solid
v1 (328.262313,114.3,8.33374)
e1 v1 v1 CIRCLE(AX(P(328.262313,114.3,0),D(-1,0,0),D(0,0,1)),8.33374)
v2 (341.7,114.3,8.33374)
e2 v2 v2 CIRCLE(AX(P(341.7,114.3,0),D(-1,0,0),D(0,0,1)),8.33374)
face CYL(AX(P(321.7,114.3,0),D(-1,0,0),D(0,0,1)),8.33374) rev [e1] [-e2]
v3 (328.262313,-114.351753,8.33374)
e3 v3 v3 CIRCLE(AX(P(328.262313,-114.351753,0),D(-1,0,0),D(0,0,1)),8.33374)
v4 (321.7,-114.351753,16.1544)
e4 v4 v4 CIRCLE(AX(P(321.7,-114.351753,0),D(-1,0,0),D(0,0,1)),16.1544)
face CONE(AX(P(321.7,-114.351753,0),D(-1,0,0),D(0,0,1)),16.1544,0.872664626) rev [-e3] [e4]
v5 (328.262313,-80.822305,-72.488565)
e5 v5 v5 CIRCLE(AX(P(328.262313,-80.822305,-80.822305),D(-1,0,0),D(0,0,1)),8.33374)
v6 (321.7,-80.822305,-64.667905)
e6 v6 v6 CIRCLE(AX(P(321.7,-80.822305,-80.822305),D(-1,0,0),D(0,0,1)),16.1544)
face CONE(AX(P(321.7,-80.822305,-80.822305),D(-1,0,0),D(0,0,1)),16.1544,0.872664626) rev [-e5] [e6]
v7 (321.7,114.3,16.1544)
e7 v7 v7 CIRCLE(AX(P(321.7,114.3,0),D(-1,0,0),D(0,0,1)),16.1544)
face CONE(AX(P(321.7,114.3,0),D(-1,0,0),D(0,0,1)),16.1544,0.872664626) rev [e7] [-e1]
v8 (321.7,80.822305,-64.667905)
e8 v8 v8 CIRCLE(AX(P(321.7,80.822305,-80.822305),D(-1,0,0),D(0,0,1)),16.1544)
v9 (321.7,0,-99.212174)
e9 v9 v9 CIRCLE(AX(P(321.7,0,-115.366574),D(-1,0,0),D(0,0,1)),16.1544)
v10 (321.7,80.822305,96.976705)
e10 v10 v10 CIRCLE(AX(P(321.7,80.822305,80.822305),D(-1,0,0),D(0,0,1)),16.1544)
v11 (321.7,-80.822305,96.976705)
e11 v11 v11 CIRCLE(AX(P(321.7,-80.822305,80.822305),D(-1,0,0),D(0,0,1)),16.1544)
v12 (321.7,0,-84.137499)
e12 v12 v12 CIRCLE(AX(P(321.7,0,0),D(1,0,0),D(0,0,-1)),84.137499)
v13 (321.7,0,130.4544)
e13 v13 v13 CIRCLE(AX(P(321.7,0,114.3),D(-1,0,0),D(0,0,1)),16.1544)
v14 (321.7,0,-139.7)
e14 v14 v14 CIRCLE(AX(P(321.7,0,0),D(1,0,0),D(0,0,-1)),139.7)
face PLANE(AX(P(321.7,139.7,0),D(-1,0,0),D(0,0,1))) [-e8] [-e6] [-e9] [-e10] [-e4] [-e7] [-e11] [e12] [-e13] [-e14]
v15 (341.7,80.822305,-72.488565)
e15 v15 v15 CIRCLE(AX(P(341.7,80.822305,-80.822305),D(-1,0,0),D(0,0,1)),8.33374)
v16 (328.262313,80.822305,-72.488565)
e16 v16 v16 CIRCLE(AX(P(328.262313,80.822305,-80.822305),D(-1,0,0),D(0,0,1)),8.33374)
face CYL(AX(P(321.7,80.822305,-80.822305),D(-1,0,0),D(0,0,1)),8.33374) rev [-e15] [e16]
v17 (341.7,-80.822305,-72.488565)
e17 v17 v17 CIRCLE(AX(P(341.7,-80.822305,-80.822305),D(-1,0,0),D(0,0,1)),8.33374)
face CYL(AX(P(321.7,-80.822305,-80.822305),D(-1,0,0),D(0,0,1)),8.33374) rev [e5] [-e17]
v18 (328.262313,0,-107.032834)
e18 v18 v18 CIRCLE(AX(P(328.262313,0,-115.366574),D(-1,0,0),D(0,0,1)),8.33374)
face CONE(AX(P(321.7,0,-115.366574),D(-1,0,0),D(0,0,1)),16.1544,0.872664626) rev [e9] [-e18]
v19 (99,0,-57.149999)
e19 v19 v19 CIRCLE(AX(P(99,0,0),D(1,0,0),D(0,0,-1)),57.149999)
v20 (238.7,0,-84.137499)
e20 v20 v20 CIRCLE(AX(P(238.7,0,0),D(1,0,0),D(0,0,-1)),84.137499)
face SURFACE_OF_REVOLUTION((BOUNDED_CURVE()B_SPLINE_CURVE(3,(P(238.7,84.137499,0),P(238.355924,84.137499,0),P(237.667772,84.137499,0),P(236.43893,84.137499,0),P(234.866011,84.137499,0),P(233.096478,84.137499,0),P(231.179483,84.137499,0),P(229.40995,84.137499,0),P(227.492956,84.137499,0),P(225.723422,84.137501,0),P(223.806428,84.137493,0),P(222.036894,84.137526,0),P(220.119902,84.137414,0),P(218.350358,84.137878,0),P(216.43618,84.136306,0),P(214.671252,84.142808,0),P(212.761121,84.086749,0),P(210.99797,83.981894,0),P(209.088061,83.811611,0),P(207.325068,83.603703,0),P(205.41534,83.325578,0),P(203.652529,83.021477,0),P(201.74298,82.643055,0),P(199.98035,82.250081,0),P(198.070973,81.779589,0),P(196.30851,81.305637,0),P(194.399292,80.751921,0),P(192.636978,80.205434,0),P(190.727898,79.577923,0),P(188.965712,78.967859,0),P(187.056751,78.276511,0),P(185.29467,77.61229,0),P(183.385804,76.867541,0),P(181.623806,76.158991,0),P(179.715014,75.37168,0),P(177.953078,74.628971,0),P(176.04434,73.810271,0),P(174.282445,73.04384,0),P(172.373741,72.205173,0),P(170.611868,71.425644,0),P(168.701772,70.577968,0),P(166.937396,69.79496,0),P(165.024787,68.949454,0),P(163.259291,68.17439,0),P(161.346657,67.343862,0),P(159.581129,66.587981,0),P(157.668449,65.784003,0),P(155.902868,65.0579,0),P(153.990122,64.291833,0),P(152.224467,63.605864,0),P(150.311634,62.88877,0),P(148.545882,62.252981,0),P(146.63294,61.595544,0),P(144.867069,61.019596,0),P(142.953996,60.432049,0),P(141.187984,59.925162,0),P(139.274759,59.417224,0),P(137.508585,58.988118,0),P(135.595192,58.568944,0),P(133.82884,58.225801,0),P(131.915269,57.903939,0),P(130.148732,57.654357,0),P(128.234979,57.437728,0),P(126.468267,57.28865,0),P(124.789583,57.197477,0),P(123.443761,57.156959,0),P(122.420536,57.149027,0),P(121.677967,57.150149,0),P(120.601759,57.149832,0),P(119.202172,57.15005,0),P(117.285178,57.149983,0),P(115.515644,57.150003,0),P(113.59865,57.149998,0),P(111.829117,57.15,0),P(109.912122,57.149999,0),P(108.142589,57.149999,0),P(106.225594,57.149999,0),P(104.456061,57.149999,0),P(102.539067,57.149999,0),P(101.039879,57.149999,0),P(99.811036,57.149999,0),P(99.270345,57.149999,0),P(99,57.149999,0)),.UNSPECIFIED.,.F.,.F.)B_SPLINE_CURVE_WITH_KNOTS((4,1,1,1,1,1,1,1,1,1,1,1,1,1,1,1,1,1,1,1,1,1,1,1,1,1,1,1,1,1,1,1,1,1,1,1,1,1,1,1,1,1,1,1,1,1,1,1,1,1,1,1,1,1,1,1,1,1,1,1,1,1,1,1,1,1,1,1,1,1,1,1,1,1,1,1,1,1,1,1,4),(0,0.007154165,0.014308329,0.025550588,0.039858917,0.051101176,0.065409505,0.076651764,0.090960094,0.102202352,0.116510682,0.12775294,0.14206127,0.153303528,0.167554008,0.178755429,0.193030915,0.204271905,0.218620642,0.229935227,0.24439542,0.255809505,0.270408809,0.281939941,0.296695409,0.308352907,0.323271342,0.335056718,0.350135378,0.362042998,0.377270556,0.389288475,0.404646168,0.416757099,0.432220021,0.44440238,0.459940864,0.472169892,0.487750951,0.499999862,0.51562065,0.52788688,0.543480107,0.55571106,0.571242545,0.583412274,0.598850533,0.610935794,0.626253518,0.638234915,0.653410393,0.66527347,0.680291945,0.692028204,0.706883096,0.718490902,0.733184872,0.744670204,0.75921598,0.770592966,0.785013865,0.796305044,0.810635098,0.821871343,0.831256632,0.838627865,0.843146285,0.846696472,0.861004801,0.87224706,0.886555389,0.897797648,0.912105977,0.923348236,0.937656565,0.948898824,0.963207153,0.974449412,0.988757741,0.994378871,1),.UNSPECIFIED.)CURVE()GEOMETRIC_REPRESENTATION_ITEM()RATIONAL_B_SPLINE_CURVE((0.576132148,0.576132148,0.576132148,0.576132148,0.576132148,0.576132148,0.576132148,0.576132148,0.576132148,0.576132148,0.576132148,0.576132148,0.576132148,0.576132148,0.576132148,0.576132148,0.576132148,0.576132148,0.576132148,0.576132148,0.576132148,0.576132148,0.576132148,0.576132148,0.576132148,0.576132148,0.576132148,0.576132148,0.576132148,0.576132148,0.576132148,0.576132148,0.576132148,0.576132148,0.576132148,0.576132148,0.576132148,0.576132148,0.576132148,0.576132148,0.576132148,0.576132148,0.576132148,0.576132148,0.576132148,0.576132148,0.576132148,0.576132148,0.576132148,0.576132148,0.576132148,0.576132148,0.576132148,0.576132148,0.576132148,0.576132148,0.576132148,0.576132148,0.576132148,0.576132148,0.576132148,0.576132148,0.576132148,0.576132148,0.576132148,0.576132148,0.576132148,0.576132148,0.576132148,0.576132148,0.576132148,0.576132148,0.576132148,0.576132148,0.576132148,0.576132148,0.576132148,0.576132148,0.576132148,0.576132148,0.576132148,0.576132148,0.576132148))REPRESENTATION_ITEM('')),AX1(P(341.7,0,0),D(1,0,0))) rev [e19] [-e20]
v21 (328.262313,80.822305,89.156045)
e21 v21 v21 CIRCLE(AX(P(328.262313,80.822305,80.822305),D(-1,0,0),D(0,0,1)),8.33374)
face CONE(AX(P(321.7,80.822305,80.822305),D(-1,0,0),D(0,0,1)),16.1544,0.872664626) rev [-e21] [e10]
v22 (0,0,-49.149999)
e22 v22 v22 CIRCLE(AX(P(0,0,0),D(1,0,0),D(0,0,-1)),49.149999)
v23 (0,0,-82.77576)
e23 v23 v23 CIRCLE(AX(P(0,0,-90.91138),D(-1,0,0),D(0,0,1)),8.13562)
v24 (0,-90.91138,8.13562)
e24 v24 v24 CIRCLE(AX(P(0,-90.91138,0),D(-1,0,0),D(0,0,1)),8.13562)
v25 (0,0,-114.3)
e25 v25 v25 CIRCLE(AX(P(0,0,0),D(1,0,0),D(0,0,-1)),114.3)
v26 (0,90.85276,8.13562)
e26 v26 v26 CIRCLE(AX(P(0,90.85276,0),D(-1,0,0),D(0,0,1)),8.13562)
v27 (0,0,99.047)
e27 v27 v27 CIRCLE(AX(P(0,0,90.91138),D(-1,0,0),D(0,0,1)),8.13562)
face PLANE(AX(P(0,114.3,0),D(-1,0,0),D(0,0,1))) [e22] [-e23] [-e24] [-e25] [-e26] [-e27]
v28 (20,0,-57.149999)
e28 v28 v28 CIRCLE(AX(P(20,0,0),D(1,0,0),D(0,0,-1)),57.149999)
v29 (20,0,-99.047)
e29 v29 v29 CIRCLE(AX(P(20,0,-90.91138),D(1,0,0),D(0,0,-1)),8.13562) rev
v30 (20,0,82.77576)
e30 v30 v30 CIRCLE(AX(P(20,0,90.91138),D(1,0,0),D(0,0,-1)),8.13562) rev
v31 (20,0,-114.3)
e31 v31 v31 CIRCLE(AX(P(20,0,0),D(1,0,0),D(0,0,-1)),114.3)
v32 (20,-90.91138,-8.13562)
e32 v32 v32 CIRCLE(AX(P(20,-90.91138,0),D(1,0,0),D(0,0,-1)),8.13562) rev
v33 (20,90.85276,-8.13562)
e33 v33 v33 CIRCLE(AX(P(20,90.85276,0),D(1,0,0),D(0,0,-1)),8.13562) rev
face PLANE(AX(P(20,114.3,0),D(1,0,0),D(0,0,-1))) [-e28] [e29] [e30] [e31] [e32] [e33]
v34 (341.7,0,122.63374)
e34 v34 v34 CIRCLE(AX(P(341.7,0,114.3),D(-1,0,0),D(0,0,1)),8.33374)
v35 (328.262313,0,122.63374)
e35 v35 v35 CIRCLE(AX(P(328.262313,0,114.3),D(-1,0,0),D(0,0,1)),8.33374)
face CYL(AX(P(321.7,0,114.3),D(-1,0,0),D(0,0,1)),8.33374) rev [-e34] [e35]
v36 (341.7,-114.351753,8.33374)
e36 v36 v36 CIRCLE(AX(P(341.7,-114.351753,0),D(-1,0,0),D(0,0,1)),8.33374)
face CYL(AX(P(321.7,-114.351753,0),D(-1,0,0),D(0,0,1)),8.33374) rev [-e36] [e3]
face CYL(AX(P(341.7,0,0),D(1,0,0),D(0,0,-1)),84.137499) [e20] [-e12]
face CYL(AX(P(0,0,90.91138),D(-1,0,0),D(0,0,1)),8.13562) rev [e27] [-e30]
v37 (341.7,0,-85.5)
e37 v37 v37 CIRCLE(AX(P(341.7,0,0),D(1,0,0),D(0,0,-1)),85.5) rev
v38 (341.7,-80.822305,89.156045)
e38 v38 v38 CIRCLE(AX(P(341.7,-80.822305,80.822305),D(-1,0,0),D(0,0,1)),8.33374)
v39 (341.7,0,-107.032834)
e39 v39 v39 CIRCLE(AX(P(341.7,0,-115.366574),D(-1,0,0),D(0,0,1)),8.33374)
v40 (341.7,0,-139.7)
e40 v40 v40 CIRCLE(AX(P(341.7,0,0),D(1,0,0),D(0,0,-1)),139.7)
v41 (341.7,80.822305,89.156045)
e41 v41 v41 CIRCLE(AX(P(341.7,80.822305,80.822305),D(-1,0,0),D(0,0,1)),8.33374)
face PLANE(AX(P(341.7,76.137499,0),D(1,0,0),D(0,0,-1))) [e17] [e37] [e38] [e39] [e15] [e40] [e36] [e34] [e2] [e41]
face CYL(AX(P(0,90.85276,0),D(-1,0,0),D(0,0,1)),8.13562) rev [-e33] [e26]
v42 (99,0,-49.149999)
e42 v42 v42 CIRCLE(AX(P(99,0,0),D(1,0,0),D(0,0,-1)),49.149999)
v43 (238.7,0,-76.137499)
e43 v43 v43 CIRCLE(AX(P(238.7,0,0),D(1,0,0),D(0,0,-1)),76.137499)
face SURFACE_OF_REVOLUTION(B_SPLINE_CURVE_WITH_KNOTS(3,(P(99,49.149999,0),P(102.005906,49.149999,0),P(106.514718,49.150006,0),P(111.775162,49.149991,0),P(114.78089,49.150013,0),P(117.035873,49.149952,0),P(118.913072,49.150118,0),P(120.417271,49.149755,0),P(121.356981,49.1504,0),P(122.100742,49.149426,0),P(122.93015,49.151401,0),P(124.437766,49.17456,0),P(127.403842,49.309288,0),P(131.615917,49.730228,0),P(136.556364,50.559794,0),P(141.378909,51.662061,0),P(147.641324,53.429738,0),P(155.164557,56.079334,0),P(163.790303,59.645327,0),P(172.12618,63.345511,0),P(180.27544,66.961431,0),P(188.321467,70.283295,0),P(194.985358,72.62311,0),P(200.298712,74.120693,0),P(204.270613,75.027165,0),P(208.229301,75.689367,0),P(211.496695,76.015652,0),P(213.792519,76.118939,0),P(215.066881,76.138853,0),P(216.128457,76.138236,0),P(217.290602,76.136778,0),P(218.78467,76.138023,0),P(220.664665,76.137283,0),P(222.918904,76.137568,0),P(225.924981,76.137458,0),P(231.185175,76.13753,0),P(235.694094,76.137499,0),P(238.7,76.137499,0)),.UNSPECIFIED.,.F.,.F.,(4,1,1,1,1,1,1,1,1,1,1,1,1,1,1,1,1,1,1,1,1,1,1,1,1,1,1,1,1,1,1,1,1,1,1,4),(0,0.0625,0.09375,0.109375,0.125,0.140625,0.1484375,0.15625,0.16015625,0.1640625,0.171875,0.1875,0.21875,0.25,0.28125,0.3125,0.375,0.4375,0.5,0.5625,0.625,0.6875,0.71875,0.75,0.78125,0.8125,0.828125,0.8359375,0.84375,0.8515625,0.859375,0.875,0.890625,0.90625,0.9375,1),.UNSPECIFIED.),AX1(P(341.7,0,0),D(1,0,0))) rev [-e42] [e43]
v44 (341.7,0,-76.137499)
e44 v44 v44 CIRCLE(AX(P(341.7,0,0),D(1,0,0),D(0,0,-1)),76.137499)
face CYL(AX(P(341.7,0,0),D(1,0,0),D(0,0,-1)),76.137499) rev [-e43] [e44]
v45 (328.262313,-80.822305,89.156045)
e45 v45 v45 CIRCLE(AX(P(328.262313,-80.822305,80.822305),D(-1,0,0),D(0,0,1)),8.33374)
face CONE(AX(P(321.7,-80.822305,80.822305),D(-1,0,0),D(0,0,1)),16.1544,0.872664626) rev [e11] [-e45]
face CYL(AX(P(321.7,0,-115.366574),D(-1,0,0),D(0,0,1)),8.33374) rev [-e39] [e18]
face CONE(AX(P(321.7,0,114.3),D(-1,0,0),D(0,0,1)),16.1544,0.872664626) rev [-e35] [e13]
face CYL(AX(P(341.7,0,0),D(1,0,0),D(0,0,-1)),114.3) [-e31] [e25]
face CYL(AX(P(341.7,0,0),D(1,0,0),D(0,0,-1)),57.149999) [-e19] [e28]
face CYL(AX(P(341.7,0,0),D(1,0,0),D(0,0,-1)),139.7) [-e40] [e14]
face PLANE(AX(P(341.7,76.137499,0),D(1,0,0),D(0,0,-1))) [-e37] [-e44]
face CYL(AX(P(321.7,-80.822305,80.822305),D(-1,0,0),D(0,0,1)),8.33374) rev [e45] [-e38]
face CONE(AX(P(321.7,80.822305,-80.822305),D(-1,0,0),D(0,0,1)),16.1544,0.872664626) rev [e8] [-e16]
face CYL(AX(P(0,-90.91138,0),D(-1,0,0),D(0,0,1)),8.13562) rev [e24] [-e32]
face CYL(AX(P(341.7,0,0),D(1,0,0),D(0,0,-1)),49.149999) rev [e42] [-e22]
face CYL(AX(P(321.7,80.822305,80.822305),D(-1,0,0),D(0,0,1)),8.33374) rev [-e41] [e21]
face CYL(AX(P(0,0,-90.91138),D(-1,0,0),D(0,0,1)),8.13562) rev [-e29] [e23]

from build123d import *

# Parameters (mm, degrees)
CSK_FOR_5_8_FLAT_HEAD_MACHINE_SCREW_100_D           = 16.66748
CSK_FOR_5_8_FLAT_HEAD_MACHINE_SCREW_100_DEPTH       = 20
CSK_FOR_5_8_FLAT_HEAD_MACHINE_SCREW_100_CSINK_D     = 32.3088
CSK_FOR_5_8_FLAT_HEAD_MACHINE_SCREW_100_CSINK_ANGLE = 100
F_5_8_CLEARANCE_HOLE1_D                             = 16.27124
F_5_8_CLEARANCE_HOLE1_DEPTH                         = 20


with BuildPart() as part:
    # Sketch2 → Revolve1 (revolve)
    with BuildSketch(Plane.XY, mode=Mode.PRIVATE) as revolve1_sk:
        with BuildLine():
            Line((341.7, 76.137499212), (341.7, 139.7))
            Line((341.7, 139.7), (321.7, 139.7))
            Line((321.7, 139.7), (321.7, 84.137499212))
            Line((321.7, 84.137499212), (238.7, 84.137499212))
            add(Edge.make_bspline(
                [(238.7, 84.137499212), (238.355924075, 84.137499212), (237.667772223, 84.137499211), (236.43892963, 84.137499212), (234.866011112, 84.137499209), (233.096477778, 84.137499221), (231.179483334, 84.137499181), (229.409949997, 84.137499346), (227.492955565, 84.137498785), (225.723422181, 84.137501116), (223.806427909, 84.137493202), (222.03689386, 84.137526067), (220.119901847, 84.137414453), (218.350358415, 84.137877999), (216.436180482, 84.136306025), (214.671251811, 84.142808495), (212.761120781, 84.086749305), (210.997970421, 83.981894478), (209.088061418, 83.811610968), (207.325068085, 83.603702947), (205.415339805, 83.325577691), (203.652528826, 83.021476856), (201.742980231, 82.643054651), (199.980349522, 82.250081454), (198.070973132, 81.779589057), (196.308510241, 81.305636666), (194.399291637, 80.751921317), (192.636978054, 80.205434277), (190.727898375, 79.577923288), (188.965712472, 78.967858654), (187.056750607, 78.276511422), (185.294669761, 77.61229035), (183.385803915, 76.867540678), (181.623805854, 76.15899109), (179.715014471, 75.371680114), (177.95307795, 74.628970979), (176.044340155, 73.810271455), (174.28244512, 73.043839656), (172.373740784, 72.205172954), (170.611868192, 71.425644088), (168.701772289, 70.577967809), (166.937395899, 69.794959659), (165.024786727, 68.949453647), (163.259291454, 68.174390413), (161.346657228, 67.343861664), (159.58112861, 66.587981326), (157.668449277, 65.784003027), (155.902867536, 65.057899506), (153.990122343, 64.291832507), (152.22446654, 63.60586364), (150.311633974, 62.888769921), (148.545882008, 62.252980739), (146.632940071, 61.595543531), (144.867069113, 61.019596499), (142.95399603, 60.432048638), (141.187983586, 59.925161995), (139.274759098, 59.417223546), (137.508584813, 58.988118492), (135.595192141, 58.568944237), (133.828840435, 58.225800875), (131.915268777, 57.903938632), (130.148732425, 57.654357312), (128.234978669, 57.437727635), (126.468267149, 57.288649922), (124.789582716, 57.197477456), (123.443760708, 57.156958736), (122.420535806, 57.149027418), (121.677966993, 57.150148752), (120.601758891, 57.149831794), (119.202172332, 57.150049881), (117.285177742, 57.149983489), (115.515644452, 57.150003038), (113.598649997, 57.149998331), (111.829116667, 57.149999717), (109.912122221, 57.149999383), (108.142588888, 57.149999482), (106.225594444, 57.149999458), (104.45606111, 57.149999465), (102.539066666, 57.149999463), (101.039878703, 57.149999464), (99.81103611, 57.149999464), (99.27034537, 57.149999464), (98.999999999, 57.149999464)],
                knots=[0, 0, 0, 0, 0.007154165, 0.014308329, 0.025550588, 0.039858917, 0.051101176, 0.065409505, 0.076651764, 0.090960094, 0.102202352, 0.116510682, 0.12775294, 0.14206127, 0.153303528, 0.167554008, 0.178755429, 0.193030915, 0.204271905, 0.218620642, 0.229935227, 0.24439542, 0.255809505, 0.270408809, 0.281939941, 0.296695409, 0.308352907, 0.323271342, 0.335056718, 0.350135378, 0.362042998, 0.377270556, 0.389288475, 0.404646168, 0.416757099, 0.432220021, 0.44440238, 0.459940864, 0.472169892, 0.487750951, 0.499999862, 0.51562065, 0.52788688, 0.543480107, 0.55571106, 0.571242545, 0.583412274, 0.598850533, 0.610935794, 0.626253518, 0.638234915, 0.653410393, 0.66527347, 0.680291945, 0.692028204, 0.706883096, 0.718490902, 0.733184872, 0.744670204, 0.75921598, 0.770592966, 0.785013865, 0.796305044, 0.810635098, 0.821871343, 0.831256632, 0.838627865, 0.843146285, 0.846696472, 0.861004801, 0.87224706, 0.886555389, 0.897797648, 0.912105977, 0.923348236, 0.937656565, 0.948898824, 0.963207153, 0.974449412, 0.988757741, 0.994378871, 1, 1, 1, 1], degree=3, weights=[0.576132148, 0.576132148, 0.576132148, 0.576132148, 0.576132148, 0.576132148, 0.576132148, 0.576132148, 0.576132148, 0.576132148, 0.576132148, 0.576132148, 0.576132148, 0.576132148, 0.576132148, 0.576132148, 0.576132148, 0.576132148, 0.576132148, 0.576132148, 0.576132148, 0.576132148, 0.576132148, 0.576132148, 0.576132148, 0.576132148, 0.576132148, 0.576132148, 0.576132148, 0.576132148, 0.576132148, 0.576132148, 0.576132148, 0.576132148, 0.576132148, 0.576132148, 0.576132148, 0.576132148, 0.576132148, 0.576132148, 0.576132148, 0.576132148, 0.576132148, 0.576132148, 0.576132148, 0.576132148, 0.576132148, 0.576132148, 0.576132148, 0.576132148, 0.576132148, 0.576132148, 0.576132148, 0.576132148, 0.576132148, 0.576132148, 0.576132148, 0.576132148, 0.576132148, 0.576132148, 0.576132148, 0.576132148, 0.576132148, 0.576132148, 0.576132148, 0.576132148, 0.576132148, 0.576132148, 0.576132148, 0.576132148, 0.576132148, 0.576132148, 0.576132148, 0.576132148, 0.576132148, 0.576132148, 0.576132148, 0.576132148, 0.576132148, 0.576132148, 0.576132148, 0.576132148, 0.576132148]))
            Line((98.999999999, 57.149999464), (20, 57.149999464))
            Line((20, 57.149999464), (20, 114.3))
            Line((20, 114.3), (0, 114.3))
            Line((0, 114.3), (0, 49.149999464))
            Line((0, 49.149999464), (98.999999999, 49.149999464))
            add(Edge.make_bspline(
                [(238.700000001, 76.137499212), (235.69409428, 76.137499211), (231.185175342, 76.137529978), (225.92498116, 76.137458281), (222.918904328, 76.137568327), (220.664664612, 76.137283149), (218.784669959, 76.138023248), (217.290602157, 76.13677783), (216.128457097, 76.1382361), (215.066881493, 76.138852647), (213.792519107, 76.118938664), (211.496695076, 76.015652057), (208.229301379, 75.6893674), (204.270612611, 75.027164667), (200.298712296, 74.120693109), (194.985358164, 72.623109637), (188.321466773, 70.283294689), (180.275439823, 66.96143105), (172.126179657, 63.34551056), (163.790302615, 59.64532736), (155.164556548, 56.079333574), (147.64132386, 53.429737774), (141.378908996, 51.662061148), (136.556364248, 50.559794229), (131.615917341, 49.730227773), (127.403841781, 49.309288048), (124.437765649, 49.174559905), (122.930150126, 49.151400947), (122.100741829, 49.149426118), (121.356980871, 49.150399773), (120.417271001, 49.149754665), (118.913072261, 49.150117503), (117.035873074, 49.149952223), (114.780889972, 49.150013449), (111.775161973, 49.149990987), (106.514717734, 49.150005821), (102.005905795, 49.149999464), (98.999999999, 49.149999464)],
                knots=[0, 0, 0, 0, 0.0625, 0.09375, 0.109375, 0.125, 0.140625, 0.1484375, 0.15625, 0.1640625, 0.171875, 0.1875, 0.21875, 0.25, 0.28125, 0.3125, 0.375, 0.4375, 0.5, 0.5625, 0.625, 0.6875, 0.71875, 0.75, 0.78125, 0.8125, 0.828125, 0.8359375, 0.83984375, 0.84375, 0.8515625, 0.859375, 0.875, 0.890625, 0.90625, 0.9375, 1, 1, 1, 1], degree=3))
            Line((238.700000001, 76.137499212), (341.7, 76.137499212))
        make_face()
    revolve(revolve1_sk.sketch.rotate(Axis((341.7, 0, 0), (-1, 0, 0)), 90), axis=Axis((341.7, 0, 0), (-1, 0, 0)))

    # CSK for 5_8 Flat Head Machine Screw _100
    with Locations(Plane(origin=(321.7, -86.94526051, 61.229912904), x_dir=(0, 0, 1), z_dir=(-1, 0, 0))):
        with Locations((-61.229912904, 201.24526051), (-176.596487394, 86.94526051), (-142.052217993, 167.767565599), (19.592392186, 167.767565599), (53.070087096, 86.94526051), (19.592392186, 6.12295542), (-61.229912904, -27.406492985), (-142.052217993, 6.12295542)):
            CounterSinkHole(CSK_FOR_5_8_FLAT_HEAD_MACHINE_SCREW_100_D / 2, CSK_FOR_5_8_FLAT_HEAD_MACHINE_SCREW_100_CSINK_D / 2, depth=CSK_FOR_5_8_FLAT_HEAD_MACHINE_SCREW_100_DEPTH, counter_sink_angle=CSK_FOR_5_8_FLAT_HEAD_MACHINE_SCREW_100_CSINK_ANGLE)

    # 5/8 Clearance Hole1
    with Locations(Plane(origin=(0, -86.94526051, 61.229912904), x_dir=(0, 0, 1), z_dir=(-1, 0, 0))):
        with Locations((-61.229912904, 177.798020209), (29.681467244, 86.94526051), (-61.229912904, -3.966119638), (-152.141293051, 86.94526051)):
            Hole(F_5_8_CLEARANCE_HOLE1_D / 2, depth=F_5_8_CLEARANCE_HOLE1_DEPTH)


solid = part.part
